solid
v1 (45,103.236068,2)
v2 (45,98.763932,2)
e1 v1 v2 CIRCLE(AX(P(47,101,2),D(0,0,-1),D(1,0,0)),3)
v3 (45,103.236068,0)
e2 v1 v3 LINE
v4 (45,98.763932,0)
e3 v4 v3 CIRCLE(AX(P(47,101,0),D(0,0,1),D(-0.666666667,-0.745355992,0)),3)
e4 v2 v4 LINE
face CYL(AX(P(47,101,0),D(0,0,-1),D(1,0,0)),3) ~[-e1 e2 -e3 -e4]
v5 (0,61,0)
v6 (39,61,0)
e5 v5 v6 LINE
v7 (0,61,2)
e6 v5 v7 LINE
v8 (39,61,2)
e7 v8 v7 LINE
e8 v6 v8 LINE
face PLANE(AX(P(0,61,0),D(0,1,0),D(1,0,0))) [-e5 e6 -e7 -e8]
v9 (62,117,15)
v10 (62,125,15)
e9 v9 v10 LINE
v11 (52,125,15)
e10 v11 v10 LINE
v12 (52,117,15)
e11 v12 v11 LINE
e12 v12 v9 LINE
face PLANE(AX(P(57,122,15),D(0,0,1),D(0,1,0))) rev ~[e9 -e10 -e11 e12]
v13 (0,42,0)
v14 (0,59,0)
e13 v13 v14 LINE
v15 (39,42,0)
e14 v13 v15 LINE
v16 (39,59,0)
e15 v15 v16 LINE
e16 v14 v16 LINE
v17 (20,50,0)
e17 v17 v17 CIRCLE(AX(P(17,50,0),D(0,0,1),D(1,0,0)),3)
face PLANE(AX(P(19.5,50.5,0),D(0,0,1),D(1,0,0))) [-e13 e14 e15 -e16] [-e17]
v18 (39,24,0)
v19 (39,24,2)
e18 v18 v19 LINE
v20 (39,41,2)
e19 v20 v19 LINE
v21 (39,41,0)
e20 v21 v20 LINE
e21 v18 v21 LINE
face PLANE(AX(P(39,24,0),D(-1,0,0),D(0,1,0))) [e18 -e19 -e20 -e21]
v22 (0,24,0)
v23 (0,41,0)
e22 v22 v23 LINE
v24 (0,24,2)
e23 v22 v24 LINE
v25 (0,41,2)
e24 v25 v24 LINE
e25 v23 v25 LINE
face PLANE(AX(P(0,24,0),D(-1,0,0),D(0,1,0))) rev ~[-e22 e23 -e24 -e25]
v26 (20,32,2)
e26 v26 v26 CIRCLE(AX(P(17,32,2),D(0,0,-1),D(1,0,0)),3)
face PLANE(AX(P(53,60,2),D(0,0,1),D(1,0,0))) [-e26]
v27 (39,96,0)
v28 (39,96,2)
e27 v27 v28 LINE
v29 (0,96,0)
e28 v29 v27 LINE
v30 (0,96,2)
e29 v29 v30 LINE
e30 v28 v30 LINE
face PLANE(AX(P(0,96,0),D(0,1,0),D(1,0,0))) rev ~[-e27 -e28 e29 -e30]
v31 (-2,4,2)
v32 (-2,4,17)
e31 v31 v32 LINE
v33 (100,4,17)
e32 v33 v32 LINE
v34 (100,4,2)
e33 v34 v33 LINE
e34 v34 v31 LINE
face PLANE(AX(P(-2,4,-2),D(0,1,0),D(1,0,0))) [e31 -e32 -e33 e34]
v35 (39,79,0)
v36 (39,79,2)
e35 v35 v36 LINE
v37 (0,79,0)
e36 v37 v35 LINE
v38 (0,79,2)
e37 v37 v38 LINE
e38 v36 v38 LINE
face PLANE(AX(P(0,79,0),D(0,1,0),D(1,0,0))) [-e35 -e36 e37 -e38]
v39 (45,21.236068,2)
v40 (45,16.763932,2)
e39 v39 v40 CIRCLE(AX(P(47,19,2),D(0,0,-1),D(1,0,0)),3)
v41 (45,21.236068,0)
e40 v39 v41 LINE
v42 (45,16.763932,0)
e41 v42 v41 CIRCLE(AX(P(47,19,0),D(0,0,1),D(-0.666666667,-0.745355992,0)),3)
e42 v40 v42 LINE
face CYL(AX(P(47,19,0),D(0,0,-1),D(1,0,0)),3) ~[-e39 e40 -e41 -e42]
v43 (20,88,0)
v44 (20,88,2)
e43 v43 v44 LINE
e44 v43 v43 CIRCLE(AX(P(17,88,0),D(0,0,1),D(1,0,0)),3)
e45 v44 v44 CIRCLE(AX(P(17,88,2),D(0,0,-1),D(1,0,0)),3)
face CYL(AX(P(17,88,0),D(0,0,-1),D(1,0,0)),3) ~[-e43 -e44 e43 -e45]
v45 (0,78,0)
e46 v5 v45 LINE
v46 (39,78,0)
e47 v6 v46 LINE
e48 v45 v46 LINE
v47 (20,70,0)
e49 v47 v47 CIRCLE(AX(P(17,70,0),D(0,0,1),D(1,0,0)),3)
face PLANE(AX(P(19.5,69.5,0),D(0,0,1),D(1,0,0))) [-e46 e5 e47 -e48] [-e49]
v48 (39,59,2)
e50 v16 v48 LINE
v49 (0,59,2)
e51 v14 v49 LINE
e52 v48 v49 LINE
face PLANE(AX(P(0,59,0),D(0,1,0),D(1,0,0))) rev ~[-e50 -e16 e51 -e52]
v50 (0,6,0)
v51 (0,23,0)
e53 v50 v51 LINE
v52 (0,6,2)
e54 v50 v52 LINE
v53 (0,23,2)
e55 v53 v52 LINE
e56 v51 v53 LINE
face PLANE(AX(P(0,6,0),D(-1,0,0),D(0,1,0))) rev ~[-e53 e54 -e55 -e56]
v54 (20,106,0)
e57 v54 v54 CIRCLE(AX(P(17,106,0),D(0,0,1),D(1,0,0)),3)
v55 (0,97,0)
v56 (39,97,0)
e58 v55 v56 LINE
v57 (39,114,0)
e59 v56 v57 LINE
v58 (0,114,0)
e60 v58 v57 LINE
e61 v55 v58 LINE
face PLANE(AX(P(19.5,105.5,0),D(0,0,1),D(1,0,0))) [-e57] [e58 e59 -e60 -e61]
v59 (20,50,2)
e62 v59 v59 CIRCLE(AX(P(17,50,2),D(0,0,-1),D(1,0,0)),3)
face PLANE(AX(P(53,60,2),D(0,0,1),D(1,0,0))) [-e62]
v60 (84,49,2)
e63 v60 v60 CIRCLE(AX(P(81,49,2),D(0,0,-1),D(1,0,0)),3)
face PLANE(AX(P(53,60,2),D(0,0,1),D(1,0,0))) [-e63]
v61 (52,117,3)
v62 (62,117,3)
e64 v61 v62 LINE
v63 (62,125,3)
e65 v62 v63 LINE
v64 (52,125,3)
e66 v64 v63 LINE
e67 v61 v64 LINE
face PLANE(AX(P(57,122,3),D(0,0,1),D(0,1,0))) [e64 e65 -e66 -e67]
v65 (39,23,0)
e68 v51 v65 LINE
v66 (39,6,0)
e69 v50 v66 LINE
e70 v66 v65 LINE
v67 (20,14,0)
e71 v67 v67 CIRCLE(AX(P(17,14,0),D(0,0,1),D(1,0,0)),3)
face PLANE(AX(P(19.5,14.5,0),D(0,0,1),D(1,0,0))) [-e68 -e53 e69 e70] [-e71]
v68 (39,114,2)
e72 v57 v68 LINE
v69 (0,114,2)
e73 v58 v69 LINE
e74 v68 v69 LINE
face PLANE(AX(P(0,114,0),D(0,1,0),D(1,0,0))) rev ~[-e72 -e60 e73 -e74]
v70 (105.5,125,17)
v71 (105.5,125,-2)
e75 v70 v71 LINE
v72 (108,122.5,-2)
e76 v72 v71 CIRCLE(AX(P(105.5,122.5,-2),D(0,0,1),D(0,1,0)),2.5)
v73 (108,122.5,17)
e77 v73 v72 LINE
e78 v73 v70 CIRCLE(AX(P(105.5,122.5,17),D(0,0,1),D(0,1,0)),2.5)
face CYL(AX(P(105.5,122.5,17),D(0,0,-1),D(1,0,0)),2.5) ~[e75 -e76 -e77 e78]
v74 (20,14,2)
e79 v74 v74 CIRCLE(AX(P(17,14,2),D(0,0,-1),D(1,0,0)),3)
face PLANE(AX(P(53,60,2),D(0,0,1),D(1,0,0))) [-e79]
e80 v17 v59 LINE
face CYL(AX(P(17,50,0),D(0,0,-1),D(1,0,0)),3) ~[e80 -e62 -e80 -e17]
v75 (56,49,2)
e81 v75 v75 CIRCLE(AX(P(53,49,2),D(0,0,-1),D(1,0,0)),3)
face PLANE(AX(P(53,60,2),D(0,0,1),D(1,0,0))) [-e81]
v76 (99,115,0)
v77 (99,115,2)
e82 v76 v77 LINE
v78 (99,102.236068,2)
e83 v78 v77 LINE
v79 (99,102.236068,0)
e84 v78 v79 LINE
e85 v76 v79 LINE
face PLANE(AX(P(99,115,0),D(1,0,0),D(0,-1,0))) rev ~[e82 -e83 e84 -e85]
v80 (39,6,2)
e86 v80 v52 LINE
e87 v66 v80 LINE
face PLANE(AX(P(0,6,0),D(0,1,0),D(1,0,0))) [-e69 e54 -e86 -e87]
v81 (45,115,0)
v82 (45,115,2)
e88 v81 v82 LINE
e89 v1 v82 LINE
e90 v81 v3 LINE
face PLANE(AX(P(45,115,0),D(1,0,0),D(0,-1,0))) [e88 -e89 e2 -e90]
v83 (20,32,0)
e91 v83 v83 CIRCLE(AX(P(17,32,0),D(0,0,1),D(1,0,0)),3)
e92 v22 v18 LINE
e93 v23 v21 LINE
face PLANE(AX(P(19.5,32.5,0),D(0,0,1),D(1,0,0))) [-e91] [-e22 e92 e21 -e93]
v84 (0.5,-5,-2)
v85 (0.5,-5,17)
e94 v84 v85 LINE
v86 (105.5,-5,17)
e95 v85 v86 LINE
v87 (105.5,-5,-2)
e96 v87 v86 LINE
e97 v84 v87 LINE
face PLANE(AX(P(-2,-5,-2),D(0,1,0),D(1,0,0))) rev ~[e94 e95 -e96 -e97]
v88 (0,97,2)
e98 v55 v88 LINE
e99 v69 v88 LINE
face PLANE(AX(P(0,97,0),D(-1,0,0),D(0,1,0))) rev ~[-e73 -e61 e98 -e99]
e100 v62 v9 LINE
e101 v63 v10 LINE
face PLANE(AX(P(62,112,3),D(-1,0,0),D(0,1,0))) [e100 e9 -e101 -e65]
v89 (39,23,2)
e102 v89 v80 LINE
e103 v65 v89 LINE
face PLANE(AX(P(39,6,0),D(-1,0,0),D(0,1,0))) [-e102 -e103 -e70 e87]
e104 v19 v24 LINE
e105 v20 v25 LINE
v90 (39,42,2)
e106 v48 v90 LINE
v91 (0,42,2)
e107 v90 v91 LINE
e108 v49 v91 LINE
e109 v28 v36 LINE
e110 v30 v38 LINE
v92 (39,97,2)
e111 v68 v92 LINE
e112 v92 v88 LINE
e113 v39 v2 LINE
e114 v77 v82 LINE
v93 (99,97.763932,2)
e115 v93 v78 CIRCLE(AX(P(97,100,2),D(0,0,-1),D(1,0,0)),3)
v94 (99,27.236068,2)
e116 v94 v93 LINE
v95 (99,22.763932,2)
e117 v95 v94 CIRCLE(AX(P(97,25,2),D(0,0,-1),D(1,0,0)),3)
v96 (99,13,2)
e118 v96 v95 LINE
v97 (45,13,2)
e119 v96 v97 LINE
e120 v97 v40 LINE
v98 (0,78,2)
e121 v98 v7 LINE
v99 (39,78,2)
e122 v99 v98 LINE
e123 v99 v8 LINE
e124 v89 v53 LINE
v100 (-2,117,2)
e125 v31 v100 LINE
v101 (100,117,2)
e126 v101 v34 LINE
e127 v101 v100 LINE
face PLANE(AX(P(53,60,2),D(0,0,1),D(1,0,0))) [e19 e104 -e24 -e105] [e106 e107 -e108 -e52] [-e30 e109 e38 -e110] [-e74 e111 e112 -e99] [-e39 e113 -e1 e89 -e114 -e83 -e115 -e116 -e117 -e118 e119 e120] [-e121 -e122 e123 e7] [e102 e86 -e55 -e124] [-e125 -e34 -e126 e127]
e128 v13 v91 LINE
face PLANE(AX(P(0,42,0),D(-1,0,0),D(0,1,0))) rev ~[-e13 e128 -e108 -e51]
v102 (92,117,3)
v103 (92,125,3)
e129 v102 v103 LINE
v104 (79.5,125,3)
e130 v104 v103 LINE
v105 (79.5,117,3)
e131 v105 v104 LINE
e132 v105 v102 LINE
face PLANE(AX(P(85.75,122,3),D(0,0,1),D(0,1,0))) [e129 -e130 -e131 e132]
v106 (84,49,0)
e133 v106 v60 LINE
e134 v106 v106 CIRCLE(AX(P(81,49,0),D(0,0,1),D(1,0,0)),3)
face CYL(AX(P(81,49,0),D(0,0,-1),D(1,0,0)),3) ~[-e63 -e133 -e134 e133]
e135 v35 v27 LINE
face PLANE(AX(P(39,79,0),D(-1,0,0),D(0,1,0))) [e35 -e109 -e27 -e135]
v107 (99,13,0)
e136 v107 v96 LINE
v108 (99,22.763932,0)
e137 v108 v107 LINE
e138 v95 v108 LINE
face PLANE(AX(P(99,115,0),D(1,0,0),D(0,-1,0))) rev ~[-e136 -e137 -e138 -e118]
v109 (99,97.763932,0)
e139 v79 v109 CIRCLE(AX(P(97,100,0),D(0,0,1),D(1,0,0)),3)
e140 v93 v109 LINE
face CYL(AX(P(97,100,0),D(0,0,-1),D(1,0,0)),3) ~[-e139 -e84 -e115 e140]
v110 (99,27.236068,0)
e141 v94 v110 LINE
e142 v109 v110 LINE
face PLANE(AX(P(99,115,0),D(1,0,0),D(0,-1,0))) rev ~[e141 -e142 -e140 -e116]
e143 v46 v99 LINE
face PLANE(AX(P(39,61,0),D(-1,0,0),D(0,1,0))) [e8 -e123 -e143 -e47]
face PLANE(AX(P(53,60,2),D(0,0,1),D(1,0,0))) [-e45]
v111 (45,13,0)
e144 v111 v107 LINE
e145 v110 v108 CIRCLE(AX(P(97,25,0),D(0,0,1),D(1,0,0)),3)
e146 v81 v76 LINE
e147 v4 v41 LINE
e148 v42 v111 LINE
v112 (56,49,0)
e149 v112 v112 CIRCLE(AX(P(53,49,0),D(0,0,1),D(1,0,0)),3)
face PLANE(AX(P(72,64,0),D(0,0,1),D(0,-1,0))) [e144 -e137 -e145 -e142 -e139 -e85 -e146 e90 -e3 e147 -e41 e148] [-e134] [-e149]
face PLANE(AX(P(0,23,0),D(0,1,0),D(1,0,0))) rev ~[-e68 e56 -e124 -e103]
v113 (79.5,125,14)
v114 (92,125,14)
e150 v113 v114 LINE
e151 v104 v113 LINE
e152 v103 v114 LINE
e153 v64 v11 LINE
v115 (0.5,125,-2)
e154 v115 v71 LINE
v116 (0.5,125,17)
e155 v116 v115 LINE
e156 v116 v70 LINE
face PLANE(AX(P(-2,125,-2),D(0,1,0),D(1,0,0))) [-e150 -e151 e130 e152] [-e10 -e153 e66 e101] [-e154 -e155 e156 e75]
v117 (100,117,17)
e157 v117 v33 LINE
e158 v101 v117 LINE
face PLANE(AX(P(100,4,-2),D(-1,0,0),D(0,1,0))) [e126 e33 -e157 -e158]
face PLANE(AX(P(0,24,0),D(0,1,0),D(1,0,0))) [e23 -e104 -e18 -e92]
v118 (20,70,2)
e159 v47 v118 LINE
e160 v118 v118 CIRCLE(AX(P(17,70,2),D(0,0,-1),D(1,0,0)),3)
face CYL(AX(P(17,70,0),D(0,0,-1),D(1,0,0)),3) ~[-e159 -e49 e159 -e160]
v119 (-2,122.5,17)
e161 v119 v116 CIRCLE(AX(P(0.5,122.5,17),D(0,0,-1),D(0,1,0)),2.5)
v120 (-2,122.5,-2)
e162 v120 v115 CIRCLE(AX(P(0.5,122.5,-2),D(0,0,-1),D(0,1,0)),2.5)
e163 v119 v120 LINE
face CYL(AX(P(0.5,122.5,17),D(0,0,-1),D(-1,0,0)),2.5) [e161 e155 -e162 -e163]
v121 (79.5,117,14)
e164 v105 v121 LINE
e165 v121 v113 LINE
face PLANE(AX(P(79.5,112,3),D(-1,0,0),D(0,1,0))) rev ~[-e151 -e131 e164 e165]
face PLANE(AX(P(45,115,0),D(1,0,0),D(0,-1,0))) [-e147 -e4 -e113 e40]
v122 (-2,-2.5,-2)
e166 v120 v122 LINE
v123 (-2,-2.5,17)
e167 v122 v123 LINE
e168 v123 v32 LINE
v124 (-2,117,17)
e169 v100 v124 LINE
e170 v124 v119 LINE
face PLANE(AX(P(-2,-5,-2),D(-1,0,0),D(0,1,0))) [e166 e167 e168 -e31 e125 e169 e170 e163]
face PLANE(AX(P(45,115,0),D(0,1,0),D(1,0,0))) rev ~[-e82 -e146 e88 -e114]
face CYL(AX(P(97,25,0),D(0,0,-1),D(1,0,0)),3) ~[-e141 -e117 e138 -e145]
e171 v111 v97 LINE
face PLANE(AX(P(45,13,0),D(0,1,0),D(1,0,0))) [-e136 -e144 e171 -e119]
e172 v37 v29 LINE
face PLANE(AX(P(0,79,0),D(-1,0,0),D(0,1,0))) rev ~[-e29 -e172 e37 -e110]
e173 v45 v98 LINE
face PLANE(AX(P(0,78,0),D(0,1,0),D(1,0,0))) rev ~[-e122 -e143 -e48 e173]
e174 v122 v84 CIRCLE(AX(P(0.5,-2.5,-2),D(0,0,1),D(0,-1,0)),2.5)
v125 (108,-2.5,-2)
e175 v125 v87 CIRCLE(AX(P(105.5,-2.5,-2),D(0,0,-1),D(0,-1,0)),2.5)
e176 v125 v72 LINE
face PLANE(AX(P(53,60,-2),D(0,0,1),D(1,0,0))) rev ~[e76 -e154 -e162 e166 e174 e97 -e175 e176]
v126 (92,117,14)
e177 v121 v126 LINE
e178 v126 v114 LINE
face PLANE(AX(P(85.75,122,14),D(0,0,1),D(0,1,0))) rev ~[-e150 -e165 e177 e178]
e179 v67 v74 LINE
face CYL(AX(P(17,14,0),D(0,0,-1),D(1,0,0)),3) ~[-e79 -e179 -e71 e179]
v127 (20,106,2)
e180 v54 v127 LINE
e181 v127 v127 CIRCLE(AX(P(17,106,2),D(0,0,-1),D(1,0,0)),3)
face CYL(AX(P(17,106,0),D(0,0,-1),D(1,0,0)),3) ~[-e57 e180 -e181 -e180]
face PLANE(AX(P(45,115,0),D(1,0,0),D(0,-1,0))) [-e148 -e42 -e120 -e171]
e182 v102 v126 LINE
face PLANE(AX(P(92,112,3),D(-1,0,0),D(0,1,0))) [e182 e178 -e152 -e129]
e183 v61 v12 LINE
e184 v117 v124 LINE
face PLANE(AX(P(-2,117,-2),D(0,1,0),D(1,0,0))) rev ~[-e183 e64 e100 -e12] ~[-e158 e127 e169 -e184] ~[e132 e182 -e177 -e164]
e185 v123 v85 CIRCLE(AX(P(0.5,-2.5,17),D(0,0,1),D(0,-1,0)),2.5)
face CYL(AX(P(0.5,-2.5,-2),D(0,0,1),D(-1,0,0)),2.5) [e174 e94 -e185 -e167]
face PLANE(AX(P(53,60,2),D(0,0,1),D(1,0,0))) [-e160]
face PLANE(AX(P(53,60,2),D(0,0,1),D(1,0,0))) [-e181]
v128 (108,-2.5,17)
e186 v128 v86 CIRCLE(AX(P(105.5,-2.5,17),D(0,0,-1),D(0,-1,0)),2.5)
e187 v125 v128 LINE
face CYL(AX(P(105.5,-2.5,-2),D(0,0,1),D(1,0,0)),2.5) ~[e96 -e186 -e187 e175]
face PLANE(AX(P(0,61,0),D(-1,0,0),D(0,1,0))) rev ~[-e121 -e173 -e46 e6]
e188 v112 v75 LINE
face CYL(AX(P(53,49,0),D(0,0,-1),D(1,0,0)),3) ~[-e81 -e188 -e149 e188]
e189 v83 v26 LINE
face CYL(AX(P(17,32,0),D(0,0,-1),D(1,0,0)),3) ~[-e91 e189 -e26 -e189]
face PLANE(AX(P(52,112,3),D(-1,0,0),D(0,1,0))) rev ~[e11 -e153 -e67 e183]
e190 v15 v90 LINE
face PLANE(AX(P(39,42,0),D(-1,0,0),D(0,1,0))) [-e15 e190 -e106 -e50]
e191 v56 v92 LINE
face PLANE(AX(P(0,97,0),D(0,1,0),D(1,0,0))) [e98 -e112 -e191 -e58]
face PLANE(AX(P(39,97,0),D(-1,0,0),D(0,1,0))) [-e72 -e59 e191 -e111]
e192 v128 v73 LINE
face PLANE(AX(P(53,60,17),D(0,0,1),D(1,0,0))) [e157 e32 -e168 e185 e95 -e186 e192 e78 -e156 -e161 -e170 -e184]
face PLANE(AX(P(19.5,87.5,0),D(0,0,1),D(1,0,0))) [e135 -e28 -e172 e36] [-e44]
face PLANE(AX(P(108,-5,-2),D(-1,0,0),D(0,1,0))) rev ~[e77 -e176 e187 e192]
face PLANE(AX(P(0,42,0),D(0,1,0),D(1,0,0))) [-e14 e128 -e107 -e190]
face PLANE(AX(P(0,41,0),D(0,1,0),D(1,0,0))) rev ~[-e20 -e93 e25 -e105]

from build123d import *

# Parameters (mm, degrees)
BOX009_W          = 20
BOX009_H          = 10
BOX009_DEPTH      = 12
BOX008_W          = 20
BOX008_H          = 12.5
BOX008_DEPTH      = 11
BOX011_W          = 102
BOX011_H          = 113
BOX011_DEPTH      = 21
BOX010_W          = 110
BOX010_H          = 130
BOX010_DEPTH      = 19
CYLINDER001_R     = 3
CYLINDER001_DEPTH = 20
BOX006_W          = 39
BOX006_H          = 17
BOX006_DEPTH      = 10
CYLINDER002_R     = 3
CYLINDER002_DEPTH = 20
BOX005_W          = 39
BOX005_H          = 17
BOX005_DEPTH      = 10
CYLINDER003_R     = 3
CYLINDER003_DEPTH = 20
BOX004_W          = 39
BOX004_H          = 17
BOX004_DEPTH      = 10
CYLINDER005_R     = 3
CYLINDER005_DEPTH = 20
BOX002_W          = 39
BOX002_H          = 17
BOX002_DEPTH      = 10
CYLINDER004_R     = 3
CYLINDER004_DEPTH = 20
BOX003_W          = 39
BOX003_H          = 17
BOX003_DEPTH      = 10
CYLINDER011_R     = 3
CYLINDER011_DEPTH = 20
CYLINDER010_R     = 3
CYLINDER010_DEPTH = 20
CYLINDER009_R     = 3
CYLINDER009_DEPTH = 20
CYLINDER008_R     = 3
CYLINDER008_DEPTH = 20
CYLINDER007_R     = 3
CYLINDER007_DEPTH = 20
CYLINDER006_R     = 3
CYLINDER006_DEPTH = 20
BOX007_W          = 102
BOX007_H          = 54
BOX007_DEPTH      = 10
CYLINDER_R        = 3
CYLINDER_DEPTH    = 20
BOX001_W          = 39
BOX001_H          = 17
BOX001_DEPTH      = 10
BOX_W             = 110
BOX_H             = 130
BOX_DEPTH         = 4
FILLET_R          = 2.5


with BuildPart() as dcport:
    # Box009 → Box009 (new body)
    with BuildSketch(Plane(origin=(62, 112, 3), x_dir=(0, 1, 0), z_dir=(0, 0, 1))):
        with Locations((10, 5)):
            Rectangle(BOX009_W, BOX009_H)
    extrude(amount=BOX009_DEPTH)


with BuildPart() as usbport:
    # Box008 → Box008 (new body)
    with BuildSketch(Plane(origin=(92, 112, 3), x_dir=(0, 1, 0), z_dir=(0, 0, 1))):
        with Locations((10, 6.25)):
            Rectangle(BOX008_W, BOX008_H)
    extrude(amount=BOX008_DEPTH)


with BuildPart() as wandung001:
    # Box011 → Box011 (new body)
    with BuildSketch(Plane(origin=(-2, 4, -2), x_dir=(1, 0, 0), z_dir=(0, 0, 1))):
        with Locations((51, 56.5)):
            Rectangle(BOX011_W, BOX011_H)
    extrude(amount=BOX011_DEPTH)


with BuildPart() as wandung003:
    # Box010 → Box010 (new body)
    with BuildSketch(Plane(origin=(-2, -5, -2), x_dir=(1, 0, 0), z_dir=(0, 0, 1))):
        with Locations((55, 65)):
            Rectangle(BOX010_W, BOX010_H)
    extrude(amount=BOX010_DEPTH)

    # Cut019: cut Wandung001
    add(wandung001.part, mode=Mode.SUBTRACT)

    # Cut020: cut Usbport
    add(usbport.part, mode=Mode.SUBTRACT)

    # Cut021: cut DCPort
    add(dcport.part, mode=Mode.SUBTRACT)


with BuildPart() as zylinder001:
    # Cylinder001 → Cylinder001 (new body)
    with BuildSketch(Plane(origin=(17, 32, 0), x_dir=(1, 0, 0), z_dir=(0, 0, 1))):
        Circle(CYLINDER001_R)
    extrude(amount=CYLINDER001_DEPTH)


with BuildPart() as cut001:
    # Box006 → Box006 (new body)
    with BuildSketch(Plane(origin=(0, 24, 0), x_dir=(1, 0, 0), z_dir=(0, 0, 1))):
        with Locations((19.5, 8.5)):
            Rectangle(BOX006_W, BOX006_H)
    extrude(amount=BOX006_DEPTH)

    # Cut001: cut Zylinder001
    add(zylinder001.part, mode=Mode.SUBTRACT)


with BuildPart() as zylinder002:
    # Cylinder002 → Cylinder002 (new body)
    with BuildSketch(Plane(origin=(17, 50, 0), x_dir=(1, 0, 0), z_dir=(0, 0, 1))):
        Circle(CYLINDER002_R)
    extrude(amount=CYLINDER002_DEPTH)


with BuildPart() as cut002:
    # Box005 → Box005 (new body)
    with BuildSketch(Plane(origin=(0, 42, 0), x_dir=(1, 0, 0), z_dir=(0, 0, 1))):
        with Locations((19.5, 8.5)):
            Rectangle(BOX005_W, BOX005_H)
    extrude(amount=BOX005_DEPTH)

    # Cut002: cut Zylinder002
    add(zylinder002.part, mode=Mode.SUBTRACT)


with BuildPart() as zylinder003:
    # Cylinder003 → Cylinder003 (new body)
    with BuildSketch(Plane(origin=(17, 106, 0), x_dir=(1, 0, 0), z_dir=(0, 0, 1))):
        Circle(CYLINDER003_R)
    extrude(amount=CYLINDER003_DEPTH)


with BuildPart() as cut003:
    # Box004 → Box004 (new body)
    with BuildSketch(Plane(origin=(0, 97, 0), x_dir=(1, 0, 0), z_dir=(0, 0, 1))):
        with Locations((19.5, 8.5)):
            Rectangle(BOX004_W, BOX004_H)
    extrude(amount=BOX004_DEPTH)

    # Cut003: cut Zylinder003
    add(zylinder003.part, mode=Mode.SUBTRACT)


with BuildPart() as zylinder005:
    # Cylinder005 → Cylinder005 (new body)
    with BuildSketch(Plane(origin=(17, 70, 0), x_dir=(1, 0, 0), z_dir=(0, 0, 1))):
        Circle(CYLINDER005_R)
    extrude(amount=CYLINDER005_DEPTH)


with BuildPart() as cut005:
    # Box002 → Box002 (new body)
    with BuildSketch(Plane(origin=(0, 61, 0), x_dir=(1, 0, 0), z_dir=(0, 0, 1))):
        with Locations((19.5, 8.5)):
            Rectangle(BOX002_W, BOX002_H)
    extrude(amount=BOX002_DEPTH)

    # Cut005: cut Zylinder005
    add(zylinder005.part, mode=Mode.SUBTRACT)


with BuildPart() as zylinder004:
    # Cylinder004 → Cylinder004 (new body)
    with BuildSketch(Plane(origin=(17, 88, 0), x_dir=(1, 0, 0), z_dir=(0, 0, 1))):
        Circle(CYLINDER004_R)
    extrude(amount=CYLINDER004_DEPTH)


with BuildPart() as cut004:
    # Box003 → Box003 (new body)
    with BuildSketch(Plane(origin=(0, 79, 0), x_dir=(1, 0, 0), z_dir=(0, 0, 1))):
        with Locations((19.5, 8.5)):
            Rectangle(BOX003_W, BOX003_H)
    extrude(amount=BOX003_DEPTH)

    # Cut004: cut Zylinder004
    add(zylinder004.part, mode=Mode.SUBTRACT)


with BuildPart() as zylinder011:
    # Cylinder011 → Cylinder011 (new body)
    with BuildSketch(Plane(origin=(81, 49, 0), x_dir=(1, 0, 0), z_dir=(0, 0, 1))):
        Circle(CYLINDER011_R)
    extrude(amount=CYLINDER011_DEPTH)


with BuildPart() as zylinder010:
    # Cylinder010 → Cylinder010 (new body)
    with BuildSketch(Plane(origin=(53, 49, 0), x_dir=(1, 0, 0), z_dir=(0, 0, 1))):
        Circle(CYLINDER010_R)
    extrude(amount=CYLINDER010_DEPTH)


with BuildPart() as zylinder009:
    # Cylinder009 → Cylinder009 (new body)
    with BuildSketch(Plane(origin=(47, 19, 0), x_dir=(1, 0, 0), z_dir=(0, 0, 1))):
        Circle(CYLINDER009_R)
    extrude(amount=CYLINDER009_DEPTH)


with BuildPart() as zylinder008:
    # Cylinder008 → Cylinder008 (new body)
    with BuildSketch(Plane(origin=(97, 25, 0), x_dir=(1, 0, 0), z_dir=(0, 0, 1))):
        Circle(CYLINDER008_R)
    extrude(amount=CYLINDER008_DEPTH)


with BuildPart() as zylinder007:
    # Cylinder007 → Cylinder007 (new body)
    with BuildSketch(Plane(origin=(47, 101, 0), x_dir=(1, 0, 0), z_dir=(0, 0, 1))):
        Circle(CYLINDER007_R)
    extrude(amount=CYLINDER007_DEPTH)


with BuildPart() as zylinder006:
    # Cylinder006 → Cylinder006 (new body)
    with BuildSketch(Plane(origin=(97, 100, 0), x_dir=(1, 0, 0), z_dir=(0, 0, 1))):
        Circle(CYLINDER006_R)
    extrude(amount=CYLINDER006_DEPTH)


with BuildPart() as cut011:
    # Box007 → Box007 (new body)
    with BuildSketch(Plane(origin=(45, 115, 0), x_dir=(0, -1, 0), z_dir=(0, 0, 1))):
        with Locations((51, 27)):
            Rectangle(BOX007_W, BOX007_H)
    extrude(amount=BOX007_DEPTH)

    # Cut006: cut Zylinder006
    add(zylinder006.part, mode=Mode.SUBTRACT)

    # Cut007: cut Zylinder007
    add(zylinder007.part, mode=Mode.SUBTRACT)

    # Cut008: cut Zylinder008
    add(zylinder008.part, mode=Mode.SUBTRACT)

    # Cut009: cut Zylinder009
    add(zylinder009.part, mode=Mode.SUBTRACT)

    # Cut010: cut Zylinder010
    add(zylinder010.part, mode=Mode.SUBTRACT)

    # Cut011: cut Zylinder011
    add(zylinder011.part, mode=Mode.SUBTRACT)


with BuildPart() as zylinder:
    # Cylinder → Cylinder (new body)
    with BuildSketch(Plane(origin=(17, 14, 0), x_dir=(1, 0, 0), z_dir=(0, 0, 1))):
        Circle(CYLINDER_R)
    extrude(amount=CYLINDER_DEPTH)


with BuildPart() as cut:
    # Box001 → Box001 (new body)
    with BuildSketch(Plane(origin=(0, 6, 0), x_dir=(1, 0, 0), z_dir=(0, 0, 1))):
        with Locations((19.5, 8.5)):
            Rectangle(BOX001_W, BOX001_H)
    extrude(amount=BOX001_DEPTH)

    # Cut: cut Zylinder
    add(zylinder.part, mode=Mode.SUBTRACT)


with BuildPart() as base001:
    # Box → Box (new body)
    with BuildSketch(Plane(origin=(-2, -5, -2), x_dir=(1, 0, 0), z_dir=(0, 0, 1))):
        with Locations((55, 65)):
            Rectangle(BOX_W, BOX_H)
    extrude(amount=BOX_DEPTH)

    # Cut012: cut Cut
    add(cut.part, mode=Mode.SUBTRACT)

    # Cut013: cut Cut011
    add(cut011.part, mode=Mode.SUBTRACT)

    # Cut014: cut Cut004
    add(cut004.part, mode=Mode.SUBTRACT)

    # Cut015: cut Cut005
    add(cut005.part, mode=Mode.SUBTRACT)

    # Cut016: cut Cut003
    add(cut003.part, mode=Mode.SUBTRACT)

    # Cut017: cut Cut002
    add(cut002.part, mode=Mode.SUBTRACT)

    # Cut018: cut Cut001
    add(cut001.part, mode=Mode.SUBTRACT)

    # Fusion: union Wandung003
    add(wandung003.part)

    # Fillet
    fillet_edges = [base001.edges().sort_by_distance(p)[0] for p in [
        (-2, -5, 9.5),
        (108, -5, 9.5),
        (108, 125, 9.5),
        (-2, 125, 9.5),
    ]]
    fillet(fillet_edges, radius=FILLET_R)


solid = base001.part
